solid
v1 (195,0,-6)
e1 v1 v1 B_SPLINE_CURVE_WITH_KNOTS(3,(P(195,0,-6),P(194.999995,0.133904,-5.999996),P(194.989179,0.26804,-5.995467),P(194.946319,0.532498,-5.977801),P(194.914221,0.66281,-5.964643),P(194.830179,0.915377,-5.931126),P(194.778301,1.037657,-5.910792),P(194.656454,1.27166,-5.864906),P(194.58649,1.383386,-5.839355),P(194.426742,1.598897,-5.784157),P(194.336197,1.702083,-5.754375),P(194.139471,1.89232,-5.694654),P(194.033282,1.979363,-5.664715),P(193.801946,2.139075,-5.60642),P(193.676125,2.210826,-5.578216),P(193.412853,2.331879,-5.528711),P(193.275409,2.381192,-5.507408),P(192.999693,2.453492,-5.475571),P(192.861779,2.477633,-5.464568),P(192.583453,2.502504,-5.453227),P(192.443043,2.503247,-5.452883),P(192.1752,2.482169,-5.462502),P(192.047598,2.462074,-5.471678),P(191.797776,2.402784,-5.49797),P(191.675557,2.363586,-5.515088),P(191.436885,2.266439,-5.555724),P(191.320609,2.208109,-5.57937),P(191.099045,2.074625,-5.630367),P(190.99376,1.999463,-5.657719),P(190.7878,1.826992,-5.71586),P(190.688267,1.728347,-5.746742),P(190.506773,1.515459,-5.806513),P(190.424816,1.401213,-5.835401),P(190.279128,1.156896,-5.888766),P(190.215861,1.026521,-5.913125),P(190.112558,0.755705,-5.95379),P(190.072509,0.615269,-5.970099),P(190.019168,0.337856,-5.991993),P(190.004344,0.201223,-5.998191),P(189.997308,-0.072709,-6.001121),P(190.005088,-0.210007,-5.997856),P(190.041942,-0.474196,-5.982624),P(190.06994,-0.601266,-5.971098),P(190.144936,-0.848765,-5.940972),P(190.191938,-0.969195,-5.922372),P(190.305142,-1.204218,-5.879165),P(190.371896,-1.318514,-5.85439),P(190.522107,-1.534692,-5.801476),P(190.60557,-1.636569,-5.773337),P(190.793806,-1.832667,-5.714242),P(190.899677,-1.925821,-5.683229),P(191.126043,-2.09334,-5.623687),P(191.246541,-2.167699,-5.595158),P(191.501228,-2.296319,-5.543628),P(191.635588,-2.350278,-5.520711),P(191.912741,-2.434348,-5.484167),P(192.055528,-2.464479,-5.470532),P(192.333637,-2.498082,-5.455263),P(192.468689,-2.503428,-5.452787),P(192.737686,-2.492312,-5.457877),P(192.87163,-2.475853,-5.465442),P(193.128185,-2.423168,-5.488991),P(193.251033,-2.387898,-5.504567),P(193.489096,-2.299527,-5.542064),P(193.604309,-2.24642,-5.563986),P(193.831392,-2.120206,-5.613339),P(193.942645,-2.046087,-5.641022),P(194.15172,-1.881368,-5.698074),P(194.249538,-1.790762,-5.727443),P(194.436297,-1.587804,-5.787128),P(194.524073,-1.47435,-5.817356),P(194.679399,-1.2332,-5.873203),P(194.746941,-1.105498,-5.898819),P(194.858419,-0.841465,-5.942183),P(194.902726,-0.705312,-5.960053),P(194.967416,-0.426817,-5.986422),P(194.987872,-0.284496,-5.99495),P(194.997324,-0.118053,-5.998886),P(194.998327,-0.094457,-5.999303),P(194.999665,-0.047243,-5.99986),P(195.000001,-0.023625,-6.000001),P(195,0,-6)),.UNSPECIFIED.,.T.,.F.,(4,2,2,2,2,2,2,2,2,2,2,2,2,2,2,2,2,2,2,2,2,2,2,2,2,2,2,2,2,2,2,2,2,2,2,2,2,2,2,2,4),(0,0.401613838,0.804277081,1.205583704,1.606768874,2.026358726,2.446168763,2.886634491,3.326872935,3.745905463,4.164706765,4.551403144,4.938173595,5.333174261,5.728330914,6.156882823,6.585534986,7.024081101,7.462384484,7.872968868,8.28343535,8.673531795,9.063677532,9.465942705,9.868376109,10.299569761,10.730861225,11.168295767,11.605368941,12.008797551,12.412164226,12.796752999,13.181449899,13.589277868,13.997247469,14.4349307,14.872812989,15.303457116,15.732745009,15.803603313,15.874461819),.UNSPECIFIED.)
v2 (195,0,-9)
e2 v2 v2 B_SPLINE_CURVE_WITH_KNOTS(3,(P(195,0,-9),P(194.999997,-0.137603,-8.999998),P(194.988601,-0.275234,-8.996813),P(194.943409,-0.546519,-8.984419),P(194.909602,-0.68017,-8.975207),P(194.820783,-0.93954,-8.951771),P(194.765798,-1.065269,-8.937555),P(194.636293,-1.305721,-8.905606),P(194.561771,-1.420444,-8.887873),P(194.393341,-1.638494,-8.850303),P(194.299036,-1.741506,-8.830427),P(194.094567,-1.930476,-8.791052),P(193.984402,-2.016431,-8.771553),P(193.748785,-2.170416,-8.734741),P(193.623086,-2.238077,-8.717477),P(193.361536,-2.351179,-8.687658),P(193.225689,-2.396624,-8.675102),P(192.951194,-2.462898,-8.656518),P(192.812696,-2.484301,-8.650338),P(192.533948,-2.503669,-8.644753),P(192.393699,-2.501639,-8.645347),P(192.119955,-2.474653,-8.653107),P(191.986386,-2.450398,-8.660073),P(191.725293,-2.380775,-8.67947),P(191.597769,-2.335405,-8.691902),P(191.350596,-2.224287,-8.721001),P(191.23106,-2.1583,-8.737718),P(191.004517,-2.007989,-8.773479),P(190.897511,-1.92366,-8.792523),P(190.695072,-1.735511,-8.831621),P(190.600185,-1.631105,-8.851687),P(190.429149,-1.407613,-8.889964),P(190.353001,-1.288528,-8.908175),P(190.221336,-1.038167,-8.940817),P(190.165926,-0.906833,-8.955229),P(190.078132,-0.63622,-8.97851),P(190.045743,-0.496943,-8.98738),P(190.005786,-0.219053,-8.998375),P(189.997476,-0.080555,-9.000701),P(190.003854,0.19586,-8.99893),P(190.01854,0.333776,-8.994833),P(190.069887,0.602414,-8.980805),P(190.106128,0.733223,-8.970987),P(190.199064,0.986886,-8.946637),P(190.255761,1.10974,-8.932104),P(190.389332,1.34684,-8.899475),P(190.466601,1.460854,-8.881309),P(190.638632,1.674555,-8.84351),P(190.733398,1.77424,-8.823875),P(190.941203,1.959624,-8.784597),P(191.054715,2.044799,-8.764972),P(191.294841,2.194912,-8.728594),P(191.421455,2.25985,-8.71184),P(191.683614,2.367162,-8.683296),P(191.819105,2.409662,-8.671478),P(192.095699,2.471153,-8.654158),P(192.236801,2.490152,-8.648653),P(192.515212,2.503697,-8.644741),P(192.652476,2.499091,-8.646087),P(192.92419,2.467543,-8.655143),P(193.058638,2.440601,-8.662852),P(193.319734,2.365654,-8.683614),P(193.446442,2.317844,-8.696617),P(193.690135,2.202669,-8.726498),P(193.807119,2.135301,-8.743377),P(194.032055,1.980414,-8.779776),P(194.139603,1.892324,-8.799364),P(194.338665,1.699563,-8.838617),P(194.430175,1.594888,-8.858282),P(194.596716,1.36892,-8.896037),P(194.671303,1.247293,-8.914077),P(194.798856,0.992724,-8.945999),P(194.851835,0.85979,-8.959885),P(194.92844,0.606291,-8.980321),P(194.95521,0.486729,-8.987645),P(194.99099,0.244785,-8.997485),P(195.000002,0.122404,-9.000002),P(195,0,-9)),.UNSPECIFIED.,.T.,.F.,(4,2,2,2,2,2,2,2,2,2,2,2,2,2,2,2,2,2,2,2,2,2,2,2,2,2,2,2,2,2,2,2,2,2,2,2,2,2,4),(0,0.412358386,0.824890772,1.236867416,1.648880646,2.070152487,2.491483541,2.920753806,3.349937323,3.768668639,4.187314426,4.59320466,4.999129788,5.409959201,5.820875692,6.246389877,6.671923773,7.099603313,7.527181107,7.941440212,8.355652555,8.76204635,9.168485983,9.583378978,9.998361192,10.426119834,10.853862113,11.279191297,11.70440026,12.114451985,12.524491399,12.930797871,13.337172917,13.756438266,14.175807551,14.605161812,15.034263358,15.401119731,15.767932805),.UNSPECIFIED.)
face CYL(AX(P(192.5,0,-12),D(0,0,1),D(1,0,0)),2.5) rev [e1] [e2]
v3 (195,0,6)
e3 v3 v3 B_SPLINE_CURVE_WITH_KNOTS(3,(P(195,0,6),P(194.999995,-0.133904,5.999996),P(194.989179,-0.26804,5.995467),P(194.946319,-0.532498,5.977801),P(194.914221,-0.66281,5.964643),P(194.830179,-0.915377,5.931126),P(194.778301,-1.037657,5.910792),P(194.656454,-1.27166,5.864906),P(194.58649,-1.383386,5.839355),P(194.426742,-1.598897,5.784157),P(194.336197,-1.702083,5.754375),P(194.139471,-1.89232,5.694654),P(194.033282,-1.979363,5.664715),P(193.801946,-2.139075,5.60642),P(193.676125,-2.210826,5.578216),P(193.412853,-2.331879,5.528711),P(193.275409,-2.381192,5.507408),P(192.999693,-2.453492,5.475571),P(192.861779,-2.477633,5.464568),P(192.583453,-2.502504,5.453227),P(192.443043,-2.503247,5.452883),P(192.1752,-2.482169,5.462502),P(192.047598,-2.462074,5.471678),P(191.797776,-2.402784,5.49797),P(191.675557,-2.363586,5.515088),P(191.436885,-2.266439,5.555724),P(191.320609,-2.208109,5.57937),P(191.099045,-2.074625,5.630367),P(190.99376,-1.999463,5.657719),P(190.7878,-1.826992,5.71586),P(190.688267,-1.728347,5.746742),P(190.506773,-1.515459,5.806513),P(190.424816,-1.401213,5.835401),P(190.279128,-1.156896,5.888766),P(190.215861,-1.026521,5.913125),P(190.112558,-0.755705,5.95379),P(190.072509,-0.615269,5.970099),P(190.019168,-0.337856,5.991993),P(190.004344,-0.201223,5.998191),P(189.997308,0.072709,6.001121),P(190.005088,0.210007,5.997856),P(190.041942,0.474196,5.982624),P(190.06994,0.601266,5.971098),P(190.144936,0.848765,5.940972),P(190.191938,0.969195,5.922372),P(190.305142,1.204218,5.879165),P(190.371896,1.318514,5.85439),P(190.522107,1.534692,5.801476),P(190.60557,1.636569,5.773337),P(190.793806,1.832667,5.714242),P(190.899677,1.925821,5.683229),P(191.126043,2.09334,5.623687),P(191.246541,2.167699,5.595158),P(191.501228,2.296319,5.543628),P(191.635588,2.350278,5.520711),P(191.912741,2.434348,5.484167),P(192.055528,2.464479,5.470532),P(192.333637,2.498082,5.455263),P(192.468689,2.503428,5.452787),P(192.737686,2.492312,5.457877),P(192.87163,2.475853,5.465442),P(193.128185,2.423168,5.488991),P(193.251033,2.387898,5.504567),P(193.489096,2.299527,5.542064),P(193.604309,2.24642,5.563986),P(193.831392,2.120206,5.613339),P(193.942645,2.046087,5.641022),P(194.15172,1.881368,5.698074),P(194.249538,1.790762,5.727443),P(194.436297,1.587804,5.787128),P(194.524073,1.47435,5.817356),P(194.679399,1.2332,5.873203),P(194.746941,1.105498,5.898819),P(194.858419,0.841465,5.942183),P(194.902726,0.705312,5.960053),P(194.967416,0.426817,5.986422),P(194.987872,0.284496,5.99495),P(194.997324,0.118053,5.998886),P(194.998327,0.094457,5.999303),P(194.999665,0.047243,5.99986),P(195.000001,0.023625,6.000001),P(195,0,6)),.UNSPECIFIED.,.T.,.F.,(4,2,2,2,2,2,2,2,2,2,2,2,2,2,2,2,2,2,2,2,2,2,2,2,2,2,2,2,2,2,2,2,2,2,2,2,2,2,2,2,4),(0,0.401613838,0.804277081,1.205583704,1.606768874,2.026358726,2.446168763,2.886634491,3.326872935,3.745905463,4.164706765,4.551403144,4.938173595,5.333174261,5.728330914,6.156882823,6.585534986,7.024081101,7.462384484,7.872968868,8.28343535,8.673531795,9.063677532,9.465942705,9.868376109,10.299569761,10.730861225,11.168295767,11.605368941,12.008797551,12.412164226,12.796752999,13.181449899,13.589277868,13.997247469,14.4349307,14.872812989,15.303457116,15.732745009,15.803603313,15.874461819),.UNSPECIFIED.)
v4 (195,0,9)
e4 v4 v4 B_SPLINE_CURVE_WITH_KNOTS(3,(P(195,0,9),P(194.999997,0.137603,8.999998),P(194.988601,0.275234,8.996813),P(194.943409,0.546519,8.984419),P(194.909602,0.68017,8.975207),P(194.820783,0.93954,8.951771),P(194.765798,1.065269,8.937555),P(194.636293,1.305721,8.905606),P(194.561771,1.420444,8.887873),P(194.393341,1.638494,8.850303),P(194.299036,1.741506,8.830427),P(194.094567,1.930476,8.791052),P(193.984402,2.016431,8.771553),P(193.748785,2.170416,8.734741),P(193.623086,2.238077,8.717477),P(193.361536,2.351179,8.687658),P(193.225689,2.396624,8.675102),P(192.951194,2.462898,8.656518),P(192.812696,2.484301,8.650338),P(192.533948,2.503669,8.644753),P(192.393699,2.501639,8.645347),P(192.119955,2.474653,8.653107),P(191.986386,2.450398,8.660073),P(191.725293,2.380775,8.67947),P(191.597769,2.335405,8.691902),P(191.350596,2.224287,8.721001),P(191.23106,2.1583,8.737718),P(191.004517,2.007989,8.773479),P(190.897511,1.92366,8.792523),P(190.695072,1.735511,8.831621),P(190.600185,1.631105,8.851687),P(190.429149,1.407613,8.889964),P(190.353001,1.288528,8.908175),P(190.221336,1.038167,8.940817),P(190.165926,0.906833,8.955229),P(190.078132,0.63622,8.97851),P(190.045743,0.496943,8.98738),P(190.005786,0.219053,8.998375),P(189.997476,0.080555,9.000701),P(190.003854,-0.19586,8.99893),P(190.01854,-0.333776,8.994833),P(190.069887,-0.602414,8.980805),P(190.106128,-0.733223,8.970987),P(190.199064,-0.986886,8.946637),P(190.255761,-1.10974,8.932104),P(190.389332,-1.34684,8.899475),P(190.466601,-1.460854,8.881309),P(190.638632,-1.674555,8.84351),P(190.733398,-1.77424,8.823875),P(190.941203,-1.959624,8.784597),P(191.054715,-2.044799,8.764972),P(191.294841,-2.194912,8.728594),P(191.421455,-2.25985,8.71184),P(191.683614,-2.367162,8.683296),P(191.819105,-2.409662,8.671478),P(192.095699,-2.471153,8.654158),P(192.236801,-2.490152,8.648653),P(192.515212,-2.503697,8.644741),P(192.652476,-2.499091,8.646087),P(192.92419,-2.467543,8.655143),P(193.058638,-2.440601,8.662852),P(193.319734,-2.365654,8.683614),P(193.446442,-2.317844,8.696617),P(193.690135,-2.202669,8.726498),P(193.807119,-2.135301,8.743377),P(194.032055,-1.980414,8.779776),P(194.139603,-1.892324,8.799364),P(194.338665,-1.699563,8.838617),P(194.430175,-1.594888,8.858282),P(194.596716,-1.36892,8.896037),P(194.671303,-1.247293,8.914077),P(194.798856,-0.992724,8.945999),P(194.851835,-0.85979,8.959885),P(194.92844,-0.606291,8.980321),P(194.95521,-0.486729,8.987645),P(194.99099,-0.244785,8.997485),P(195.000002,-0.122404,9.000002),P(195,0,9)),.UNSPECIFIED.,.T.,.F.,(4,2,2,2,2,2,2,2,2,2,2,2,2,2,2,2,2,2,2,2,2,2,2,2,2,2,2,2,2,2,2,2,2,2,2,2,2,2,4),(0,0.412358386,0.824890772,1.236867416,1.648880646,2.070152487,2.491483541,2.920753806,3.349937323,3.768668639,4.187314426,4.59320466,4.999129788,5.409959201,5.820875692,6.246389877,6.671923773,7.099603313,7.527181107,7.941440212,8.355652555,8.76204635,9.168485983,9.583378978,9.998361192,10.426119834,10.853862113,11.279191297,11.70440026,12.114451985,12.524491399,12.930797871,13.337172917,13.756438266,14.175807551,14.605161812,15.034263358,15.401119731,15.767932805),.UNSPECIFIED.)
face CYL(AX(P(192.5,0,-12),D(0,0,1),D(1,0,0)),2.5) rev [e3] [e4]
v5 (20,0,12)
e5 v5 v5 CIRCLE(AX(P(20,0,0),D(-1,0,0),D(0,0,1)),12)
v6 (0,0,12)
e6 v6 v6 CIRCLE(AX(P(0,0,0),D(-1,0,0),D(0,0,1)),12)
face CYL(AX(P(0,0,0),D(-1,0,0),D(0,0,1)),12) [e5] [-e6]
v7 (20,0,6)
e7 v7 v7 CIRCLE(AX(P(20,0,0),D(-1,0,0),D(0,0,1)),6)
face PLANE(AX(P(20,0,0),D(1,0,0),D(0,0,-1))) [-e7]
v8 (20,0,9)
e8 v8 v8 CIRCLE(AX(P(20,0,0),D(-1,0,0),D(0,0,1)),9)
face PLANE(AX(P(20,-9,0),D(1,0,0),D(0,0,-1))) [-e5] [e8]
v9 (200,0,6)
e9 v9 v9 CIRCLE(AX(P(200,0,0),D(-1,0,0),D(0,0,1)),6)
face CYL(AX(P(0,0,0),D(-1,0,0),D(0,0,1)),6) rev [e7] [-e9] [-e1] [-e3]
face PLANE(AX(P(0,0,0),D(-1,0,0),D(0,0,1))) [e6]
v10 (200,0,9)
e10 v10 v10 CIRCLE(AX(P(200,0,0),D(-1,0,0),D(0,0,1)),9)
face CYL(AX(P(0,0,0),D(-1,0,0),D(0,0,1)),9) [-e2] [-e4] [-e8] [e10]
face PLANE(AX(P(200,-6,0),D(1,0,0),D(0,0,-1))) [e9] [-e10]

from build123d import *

# Parameters (mm, degrees)
SKETCH2_R               = 2.5
CUT_EXTRUDE1_DEPTH      = 13
CUT_EXTRUDE1_DEPTH_BACK = 13


with BuildPart() as part:
    # Sketch1 → Revolve1 (revolve)
    with BuildSketch(Plane.XY):
        Polygon((0, 0), (20, 0), (20, -6), (200, -6), (200, -9), (20, -9), (20, -12), (0, -12), align=None)
    revolve(axis=Axis((0, 0, 0), (1, 0, 0)))

    # Sketch2 → Cut-Extrude1 (cut, two sides)
    with BuildSketch(Plane.XY) as cut_extrude1_sk:
        with Locations((192.5, 0)):
            Circle(SKETCH2_R)
    extrude(amount=CUT_EXTRUDE1_DEPTH, mode=Mode.SUBTRACT)
    extrude(cut_extrude1_sk.sketch, amount=-CUT_EXTRUDE1_DEPTH_BACK, mode=Mode.SUBTRACT)


solid = part.part
